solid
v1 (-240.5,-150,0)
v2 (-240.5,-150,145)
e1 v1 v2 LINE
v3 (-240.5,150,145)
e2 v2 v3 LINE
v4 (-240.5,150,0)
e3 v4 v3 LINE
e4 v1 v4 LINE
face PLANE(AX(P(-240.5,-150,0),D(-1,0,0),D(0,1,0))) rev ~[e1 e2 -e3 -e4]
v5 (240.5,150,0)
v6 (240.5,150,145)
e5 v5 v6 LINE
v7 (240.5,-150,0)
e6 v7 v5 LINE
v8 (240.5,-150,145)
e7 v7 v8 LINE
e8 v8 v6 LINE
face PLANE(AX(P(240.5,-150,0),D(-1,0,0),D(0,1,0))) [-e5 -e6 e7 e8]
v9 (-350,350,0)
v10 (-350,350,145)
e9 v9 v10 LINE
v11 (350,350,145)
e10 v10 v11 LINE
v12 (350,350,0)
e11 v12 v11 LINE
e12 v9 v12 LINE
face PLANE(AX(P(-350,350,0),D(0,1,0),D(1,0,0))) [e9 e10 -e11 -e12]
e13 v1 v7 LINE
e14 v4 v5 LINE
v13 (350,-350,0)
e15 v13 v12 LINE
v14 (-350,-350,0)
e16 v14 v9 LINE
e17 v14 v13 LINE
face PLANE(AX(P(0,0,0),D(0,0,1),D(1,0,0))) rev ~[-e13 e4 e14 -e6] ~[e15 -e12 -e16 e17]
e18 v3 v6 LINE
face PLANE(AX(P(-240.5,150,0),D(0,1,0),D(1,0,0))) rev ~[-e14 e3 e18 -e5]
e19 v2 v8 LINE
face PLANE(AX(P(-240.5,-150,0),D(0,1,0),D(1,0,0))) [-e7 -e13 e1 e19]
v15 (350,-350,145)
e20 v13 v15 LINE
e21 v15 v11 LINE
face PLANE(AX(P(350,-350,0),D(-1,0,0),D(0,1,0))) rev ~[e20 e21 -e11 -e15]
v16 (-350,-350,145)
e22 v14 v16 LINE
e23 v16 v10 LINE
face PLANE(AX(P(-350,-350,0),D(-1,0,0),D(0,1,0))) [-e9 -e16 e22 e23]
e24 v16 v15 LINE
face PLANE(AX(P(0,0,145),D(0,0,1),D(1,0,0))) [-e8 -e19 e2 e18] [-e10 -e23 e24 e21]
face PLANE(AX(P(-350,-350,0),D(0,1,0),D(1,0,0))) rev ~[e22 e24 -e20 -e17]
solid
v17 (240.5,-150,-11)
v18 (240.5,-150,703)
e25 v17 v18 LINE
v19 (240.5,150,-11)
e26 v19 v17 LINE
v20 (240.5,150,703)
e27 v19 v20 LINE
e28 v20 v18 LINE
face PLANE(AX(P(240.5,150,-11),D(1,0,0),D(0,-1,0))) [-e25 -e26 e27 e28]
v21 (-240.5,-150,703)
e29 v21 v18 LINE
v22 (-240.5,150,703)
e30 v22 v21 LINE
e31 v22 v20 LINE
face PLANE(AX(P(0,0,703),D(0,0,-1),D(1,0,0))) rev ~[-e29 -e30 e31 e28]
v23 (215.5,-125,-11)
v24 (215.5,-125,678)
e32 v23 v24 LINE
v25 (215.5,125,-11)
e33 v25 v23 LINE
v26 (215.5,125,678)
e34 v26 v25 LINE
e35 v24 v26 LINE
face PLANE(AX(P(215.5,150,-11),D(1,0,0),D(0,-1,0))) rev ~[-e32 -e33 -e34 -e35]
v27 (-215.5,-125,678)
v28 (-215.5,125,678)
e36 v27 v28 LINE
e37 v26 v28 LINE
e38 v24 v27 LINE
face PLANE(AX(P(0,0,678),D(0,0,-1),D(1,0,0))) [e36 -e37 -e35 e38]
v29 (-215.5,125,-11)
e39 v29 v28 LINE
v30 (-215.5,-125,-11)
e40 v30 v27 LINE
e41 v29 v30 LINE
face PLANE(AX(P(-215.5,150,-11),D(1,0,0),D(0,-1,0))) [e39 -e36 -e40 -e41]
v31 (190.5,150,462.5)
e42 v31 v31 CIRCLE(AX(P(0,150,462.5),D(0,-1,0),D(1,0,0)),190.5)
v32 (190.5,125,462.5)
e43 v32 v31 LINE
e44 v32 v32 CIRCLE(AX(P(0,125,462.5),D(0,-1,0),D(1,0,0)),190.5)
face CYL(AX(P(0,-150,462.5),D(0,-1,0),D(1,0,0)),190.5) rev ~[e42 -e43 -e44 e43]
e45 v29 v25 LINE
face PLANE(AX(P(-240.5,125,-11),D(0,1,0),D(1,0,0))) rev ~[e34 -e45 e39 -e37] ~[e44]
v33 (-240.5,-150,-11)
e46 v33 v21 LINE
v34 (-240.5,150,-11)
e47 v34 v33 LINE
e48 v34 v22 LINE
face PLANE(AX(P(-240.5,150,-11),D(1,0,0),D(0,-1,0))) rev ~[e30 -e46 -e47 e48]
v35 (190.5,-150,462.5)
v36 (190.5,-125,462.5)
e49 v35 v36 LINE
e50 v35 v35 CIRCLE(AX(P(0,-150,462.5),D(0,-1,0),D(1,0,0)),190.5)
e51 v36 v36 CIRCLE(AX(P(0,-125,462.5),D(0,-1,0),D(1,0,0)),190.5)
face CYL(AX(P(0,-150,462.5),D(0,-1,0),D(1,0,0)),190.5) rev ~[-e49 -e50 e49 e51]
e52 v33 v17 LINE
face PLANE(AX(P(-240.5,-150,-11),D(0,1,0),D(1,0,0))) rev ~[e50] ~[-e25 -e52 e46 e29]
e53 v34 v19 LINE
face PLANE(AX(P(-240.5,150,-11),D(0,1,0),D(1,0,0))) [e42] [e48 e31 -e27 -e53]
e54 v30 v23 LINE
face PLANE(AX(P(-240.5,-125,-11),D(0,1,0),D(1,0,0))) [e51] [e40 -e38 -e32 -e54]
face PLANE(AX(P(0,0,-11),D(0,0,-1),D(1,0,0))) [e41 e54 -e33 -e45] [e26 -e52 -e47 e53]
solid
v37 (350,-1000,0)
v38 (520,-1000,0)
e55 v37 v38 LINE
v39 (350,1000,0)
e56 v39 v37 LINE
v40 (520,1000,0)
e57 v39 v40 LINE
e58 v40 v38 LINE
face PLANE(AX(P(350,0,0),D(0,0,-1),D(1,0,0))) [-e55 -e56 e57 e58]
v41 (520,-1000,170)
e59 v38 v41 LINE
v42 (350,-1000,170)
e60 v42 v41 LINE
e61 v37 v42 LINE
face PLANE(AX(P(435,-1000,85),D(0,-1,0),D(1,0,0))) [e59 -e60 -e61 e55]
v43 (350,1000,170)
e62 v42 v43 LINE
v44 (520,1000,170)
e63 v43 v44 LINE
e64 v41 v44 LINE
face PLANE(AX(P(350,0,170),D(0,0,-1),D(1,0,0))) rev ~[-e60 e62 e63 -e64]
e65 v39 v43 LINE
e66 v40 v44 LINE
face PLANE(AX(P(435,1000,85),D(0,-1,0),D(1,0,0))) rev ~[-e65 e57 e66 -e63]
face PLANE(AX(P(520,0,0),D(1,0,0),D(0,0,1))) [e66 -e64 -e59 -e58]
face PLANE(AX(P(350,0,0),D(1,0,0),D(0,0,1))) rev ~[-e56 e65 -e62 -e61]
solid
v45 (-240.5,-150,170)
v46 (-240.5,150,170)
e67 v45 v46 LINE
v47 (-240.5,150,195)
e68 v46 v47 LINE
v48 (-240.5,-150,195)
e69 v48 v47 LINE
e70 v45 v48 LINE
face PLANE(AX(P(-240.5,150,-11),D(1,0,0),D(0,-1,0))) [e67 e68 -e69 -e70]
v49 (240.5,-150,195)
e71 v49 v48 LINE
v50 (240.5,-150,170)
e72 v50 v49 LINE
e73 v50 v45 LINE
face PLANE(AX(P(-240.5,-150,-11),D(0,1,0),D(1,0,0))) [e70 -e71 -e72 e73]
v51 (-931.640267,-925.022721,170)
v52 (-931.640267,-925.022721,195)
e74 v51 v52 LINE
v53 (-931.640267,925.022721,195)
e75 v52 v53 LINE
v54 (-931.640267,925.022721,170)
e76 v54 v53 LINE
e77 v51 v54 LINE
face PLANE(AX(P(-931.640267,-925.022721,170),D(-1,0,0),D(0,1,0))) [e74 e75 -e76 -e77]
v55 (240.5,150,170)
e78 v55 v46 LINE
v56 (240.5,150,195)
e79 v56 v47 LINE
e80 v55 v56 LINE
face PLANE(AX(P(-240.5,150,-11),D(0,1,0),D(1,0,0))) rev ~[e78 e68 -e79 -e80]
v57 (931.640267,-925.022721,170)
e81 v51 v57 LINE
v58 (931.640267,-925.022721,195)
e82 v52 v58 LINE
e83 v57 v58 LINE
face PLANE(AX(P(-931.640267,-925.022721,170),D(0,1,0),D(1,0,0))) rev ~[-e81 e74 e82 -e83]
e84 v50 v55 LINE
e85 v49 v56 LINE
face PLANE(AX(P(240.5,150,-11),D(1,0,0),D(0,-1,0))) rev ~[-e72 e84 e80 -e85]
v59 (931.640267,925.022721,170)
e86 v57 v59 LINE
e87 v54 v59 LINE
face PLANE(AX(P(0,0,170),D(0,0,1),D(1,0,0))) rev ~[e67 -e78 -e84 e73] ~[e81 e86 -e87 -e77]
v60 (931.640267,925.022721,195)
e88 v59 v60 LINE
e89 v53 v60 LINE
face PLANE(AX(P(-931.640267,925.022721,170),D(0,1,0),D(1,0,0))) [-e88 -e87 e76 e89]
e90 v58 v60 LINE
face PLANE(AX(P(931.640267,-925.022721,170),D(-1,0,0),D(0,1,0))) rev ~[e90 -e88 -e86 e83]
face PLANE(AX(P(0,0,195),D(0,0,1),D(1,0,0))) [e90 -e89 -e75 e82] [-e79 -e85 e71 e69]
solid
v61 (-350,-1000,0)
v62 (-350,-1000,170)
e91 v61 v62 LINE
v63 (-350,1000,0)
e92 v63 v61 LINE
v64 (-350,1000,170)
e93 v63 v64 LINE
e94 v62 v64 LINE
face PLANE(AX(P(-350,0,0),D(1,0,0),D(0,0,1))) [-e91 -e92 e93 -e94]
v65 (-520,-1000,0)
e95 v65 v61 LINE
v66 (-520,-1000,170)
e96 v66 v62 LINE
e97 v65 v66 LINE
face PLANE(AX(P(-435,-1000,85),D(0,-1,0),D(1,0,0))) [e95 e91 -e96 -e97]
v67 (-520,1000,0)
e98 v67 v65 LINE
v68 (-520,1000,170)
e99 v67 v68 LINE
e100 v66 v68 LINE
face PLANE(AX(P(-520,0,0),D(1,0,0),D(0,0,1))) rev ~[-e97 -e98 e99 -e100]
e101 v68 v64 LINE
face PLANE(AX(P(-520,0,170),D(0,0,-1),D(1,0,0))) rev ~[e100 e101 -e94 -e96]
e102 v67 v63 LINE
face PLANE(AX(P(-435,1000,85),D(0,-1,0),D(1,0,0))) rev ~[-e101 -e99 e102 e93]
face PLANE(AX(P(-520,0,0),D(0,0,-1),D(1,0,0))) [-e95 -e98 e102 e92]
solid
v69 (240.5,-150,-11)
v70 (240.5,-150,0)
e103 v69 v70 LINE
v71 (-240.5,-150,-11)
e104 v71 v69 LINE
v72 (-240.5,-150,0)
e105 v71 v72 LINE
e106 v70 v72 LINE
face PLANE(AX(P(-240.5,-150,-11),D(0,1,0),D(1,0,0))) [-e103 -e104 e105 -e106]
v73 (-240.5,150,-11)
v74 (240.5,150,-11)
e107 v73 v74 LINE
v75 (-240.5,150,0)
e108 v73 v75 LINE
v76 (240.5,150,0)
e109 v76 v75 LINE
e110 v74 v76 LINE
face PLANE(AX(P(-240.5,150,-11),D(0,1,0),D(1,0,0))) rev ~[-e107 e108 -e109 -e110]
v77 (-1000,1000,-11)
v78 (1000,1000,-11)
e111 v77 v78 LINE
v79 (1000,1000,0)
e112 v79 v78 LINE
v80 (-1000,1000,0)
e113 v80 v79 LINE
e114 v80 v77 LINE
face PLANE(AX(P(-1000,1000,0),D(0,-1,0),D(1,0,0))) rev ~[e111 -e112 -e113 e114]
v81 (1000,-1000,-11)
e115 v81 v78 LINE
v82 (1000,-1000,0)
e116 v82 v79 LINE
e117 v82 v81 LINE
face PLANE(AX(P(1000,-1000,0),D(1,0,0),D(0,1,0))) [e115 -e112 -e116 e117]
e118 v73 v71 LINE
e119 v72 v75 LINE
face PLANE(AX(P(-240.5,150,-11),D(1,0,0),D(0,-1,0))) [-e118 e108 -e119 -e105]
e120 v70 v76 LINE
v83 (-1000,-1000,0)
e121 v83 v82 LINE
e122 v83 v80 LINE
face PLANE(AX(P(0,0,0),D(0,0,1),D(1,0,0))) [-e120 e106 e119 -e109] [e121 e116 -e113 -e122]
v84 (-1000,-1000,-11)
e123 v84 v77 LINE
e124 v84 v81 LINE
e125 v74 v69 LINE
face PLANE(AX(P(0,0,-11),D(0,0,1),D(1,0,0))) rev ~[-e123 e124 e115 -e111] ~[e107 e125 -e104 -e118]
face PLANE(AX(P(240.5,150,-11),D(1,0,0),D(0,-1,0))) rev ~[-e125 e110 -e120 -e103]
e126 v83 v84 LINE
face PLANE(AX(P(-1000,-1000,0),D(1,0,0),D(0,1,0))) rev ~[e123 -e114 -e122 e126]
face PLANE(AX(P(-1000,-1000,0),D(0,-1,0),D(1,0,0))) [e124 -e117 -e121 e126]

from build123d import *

# Parameters (mm, degrees)
F0_W      = 170
F0_H      = 170
F1_DEPTH  = 1000
F2_W      = 2000
F2_H      = 2000
F3_DEPTH  = 11
F4_W      = 481
F4_H      = 300
F5_DEPTH  = 714
F6_W      = 1863.2805347443
F6_H      = 1850.0454425812
F7_DEPTH  = 25
F9_T      = -25
F10_R     = 190.5
F11_DEPTH = 1150.001
F12_W     = 700
F12_H     = 700
F12_W_2   = 481
F12_H_2   = 300
F13_DEPTH = 145


with BuildPart() as f1:
    # F0 (on Front) → F1 (new body, symmetric)
    with BuildSketch(Plane.XZ):
        with Locations((-435, 85)):
            Rectangle(F0_W, F0_H)
    extrude(amount=F1_DEPTH, both=True)


with BuildPart() as f1b:
    # F0 (on Front) → F1, piece 2 (new body, symmetric)
    with BuildSketch(Plane.XZ):
        with Locations((435, 85)):
            Rectangle(F0_W, F0_H)
    extrude(amount=F1_DEPTH, both=True)


with BuildPart() as f3:
    # F2 (on Top) → F3 (new body)
    with BuildSketch(Plane.XY):
        Rectangle(F2_W, F2_H)
    extrude(amount=-F3_DEPTH)


with BuildPart() as f5:
    # F4 (on face) → F5 (new body)
    with BuildSketch(Plane(origin=(0, 0, -11), x_dir=(1, 0, 0), z_dir=(0, 0, -1))):
        Rectangle(F4_W, F4_H)
    extrude(amount=-F5_DEPTH)


with BuildPart() as f7:
    # F6 (on face) → F7 (new body)
    with BuildSketch(Plane.XY.offset(170)):
        Rectangle(F6_W, F6_H)
    extrude(amount=F7_DEPTH)

    # F8: cut F5
    add(f5.part, mode=Mode.SUBTRACT)


with BuildPart() as f3_1:
    add(f3.part)

    # F8: cut F5
    add(f5.part, mode=Mode.SUBTRACT)


with BuildPart() as f5_1:
    add(f5.part)

    # F9
    f9_openings = [f5_1.faces().sort_by_distance(p)[0] for p in [
        (0, 0, -11),
    ]]
    offset(amount=F9_T, openings=f9_openings)

    # F10 (on face) → F11 (cut, through all)
    with BuildSketch(Plane.XZ.offset(150)):
        with Locations((0, 462.5)):
            Circle(F10_R)
    extrude(amount=-F11_DEPTH, mode=Mode.SUBTRACT)


with BuildPart() as f13:
    # F12 (on face) → F13 (new body)
    with BuildSketch(Plane.XY):
        Rectangle(F12_W, F12_H)
        Rectangle(F12_W_2, F12_H_2, mode=Mode.SUBTRACT)
    extrude(amount=F13_DEPTH)


solid = Compound([f1.part, f1b.part, f7.part, f3_1.part, f5_1.part, f13.part])
